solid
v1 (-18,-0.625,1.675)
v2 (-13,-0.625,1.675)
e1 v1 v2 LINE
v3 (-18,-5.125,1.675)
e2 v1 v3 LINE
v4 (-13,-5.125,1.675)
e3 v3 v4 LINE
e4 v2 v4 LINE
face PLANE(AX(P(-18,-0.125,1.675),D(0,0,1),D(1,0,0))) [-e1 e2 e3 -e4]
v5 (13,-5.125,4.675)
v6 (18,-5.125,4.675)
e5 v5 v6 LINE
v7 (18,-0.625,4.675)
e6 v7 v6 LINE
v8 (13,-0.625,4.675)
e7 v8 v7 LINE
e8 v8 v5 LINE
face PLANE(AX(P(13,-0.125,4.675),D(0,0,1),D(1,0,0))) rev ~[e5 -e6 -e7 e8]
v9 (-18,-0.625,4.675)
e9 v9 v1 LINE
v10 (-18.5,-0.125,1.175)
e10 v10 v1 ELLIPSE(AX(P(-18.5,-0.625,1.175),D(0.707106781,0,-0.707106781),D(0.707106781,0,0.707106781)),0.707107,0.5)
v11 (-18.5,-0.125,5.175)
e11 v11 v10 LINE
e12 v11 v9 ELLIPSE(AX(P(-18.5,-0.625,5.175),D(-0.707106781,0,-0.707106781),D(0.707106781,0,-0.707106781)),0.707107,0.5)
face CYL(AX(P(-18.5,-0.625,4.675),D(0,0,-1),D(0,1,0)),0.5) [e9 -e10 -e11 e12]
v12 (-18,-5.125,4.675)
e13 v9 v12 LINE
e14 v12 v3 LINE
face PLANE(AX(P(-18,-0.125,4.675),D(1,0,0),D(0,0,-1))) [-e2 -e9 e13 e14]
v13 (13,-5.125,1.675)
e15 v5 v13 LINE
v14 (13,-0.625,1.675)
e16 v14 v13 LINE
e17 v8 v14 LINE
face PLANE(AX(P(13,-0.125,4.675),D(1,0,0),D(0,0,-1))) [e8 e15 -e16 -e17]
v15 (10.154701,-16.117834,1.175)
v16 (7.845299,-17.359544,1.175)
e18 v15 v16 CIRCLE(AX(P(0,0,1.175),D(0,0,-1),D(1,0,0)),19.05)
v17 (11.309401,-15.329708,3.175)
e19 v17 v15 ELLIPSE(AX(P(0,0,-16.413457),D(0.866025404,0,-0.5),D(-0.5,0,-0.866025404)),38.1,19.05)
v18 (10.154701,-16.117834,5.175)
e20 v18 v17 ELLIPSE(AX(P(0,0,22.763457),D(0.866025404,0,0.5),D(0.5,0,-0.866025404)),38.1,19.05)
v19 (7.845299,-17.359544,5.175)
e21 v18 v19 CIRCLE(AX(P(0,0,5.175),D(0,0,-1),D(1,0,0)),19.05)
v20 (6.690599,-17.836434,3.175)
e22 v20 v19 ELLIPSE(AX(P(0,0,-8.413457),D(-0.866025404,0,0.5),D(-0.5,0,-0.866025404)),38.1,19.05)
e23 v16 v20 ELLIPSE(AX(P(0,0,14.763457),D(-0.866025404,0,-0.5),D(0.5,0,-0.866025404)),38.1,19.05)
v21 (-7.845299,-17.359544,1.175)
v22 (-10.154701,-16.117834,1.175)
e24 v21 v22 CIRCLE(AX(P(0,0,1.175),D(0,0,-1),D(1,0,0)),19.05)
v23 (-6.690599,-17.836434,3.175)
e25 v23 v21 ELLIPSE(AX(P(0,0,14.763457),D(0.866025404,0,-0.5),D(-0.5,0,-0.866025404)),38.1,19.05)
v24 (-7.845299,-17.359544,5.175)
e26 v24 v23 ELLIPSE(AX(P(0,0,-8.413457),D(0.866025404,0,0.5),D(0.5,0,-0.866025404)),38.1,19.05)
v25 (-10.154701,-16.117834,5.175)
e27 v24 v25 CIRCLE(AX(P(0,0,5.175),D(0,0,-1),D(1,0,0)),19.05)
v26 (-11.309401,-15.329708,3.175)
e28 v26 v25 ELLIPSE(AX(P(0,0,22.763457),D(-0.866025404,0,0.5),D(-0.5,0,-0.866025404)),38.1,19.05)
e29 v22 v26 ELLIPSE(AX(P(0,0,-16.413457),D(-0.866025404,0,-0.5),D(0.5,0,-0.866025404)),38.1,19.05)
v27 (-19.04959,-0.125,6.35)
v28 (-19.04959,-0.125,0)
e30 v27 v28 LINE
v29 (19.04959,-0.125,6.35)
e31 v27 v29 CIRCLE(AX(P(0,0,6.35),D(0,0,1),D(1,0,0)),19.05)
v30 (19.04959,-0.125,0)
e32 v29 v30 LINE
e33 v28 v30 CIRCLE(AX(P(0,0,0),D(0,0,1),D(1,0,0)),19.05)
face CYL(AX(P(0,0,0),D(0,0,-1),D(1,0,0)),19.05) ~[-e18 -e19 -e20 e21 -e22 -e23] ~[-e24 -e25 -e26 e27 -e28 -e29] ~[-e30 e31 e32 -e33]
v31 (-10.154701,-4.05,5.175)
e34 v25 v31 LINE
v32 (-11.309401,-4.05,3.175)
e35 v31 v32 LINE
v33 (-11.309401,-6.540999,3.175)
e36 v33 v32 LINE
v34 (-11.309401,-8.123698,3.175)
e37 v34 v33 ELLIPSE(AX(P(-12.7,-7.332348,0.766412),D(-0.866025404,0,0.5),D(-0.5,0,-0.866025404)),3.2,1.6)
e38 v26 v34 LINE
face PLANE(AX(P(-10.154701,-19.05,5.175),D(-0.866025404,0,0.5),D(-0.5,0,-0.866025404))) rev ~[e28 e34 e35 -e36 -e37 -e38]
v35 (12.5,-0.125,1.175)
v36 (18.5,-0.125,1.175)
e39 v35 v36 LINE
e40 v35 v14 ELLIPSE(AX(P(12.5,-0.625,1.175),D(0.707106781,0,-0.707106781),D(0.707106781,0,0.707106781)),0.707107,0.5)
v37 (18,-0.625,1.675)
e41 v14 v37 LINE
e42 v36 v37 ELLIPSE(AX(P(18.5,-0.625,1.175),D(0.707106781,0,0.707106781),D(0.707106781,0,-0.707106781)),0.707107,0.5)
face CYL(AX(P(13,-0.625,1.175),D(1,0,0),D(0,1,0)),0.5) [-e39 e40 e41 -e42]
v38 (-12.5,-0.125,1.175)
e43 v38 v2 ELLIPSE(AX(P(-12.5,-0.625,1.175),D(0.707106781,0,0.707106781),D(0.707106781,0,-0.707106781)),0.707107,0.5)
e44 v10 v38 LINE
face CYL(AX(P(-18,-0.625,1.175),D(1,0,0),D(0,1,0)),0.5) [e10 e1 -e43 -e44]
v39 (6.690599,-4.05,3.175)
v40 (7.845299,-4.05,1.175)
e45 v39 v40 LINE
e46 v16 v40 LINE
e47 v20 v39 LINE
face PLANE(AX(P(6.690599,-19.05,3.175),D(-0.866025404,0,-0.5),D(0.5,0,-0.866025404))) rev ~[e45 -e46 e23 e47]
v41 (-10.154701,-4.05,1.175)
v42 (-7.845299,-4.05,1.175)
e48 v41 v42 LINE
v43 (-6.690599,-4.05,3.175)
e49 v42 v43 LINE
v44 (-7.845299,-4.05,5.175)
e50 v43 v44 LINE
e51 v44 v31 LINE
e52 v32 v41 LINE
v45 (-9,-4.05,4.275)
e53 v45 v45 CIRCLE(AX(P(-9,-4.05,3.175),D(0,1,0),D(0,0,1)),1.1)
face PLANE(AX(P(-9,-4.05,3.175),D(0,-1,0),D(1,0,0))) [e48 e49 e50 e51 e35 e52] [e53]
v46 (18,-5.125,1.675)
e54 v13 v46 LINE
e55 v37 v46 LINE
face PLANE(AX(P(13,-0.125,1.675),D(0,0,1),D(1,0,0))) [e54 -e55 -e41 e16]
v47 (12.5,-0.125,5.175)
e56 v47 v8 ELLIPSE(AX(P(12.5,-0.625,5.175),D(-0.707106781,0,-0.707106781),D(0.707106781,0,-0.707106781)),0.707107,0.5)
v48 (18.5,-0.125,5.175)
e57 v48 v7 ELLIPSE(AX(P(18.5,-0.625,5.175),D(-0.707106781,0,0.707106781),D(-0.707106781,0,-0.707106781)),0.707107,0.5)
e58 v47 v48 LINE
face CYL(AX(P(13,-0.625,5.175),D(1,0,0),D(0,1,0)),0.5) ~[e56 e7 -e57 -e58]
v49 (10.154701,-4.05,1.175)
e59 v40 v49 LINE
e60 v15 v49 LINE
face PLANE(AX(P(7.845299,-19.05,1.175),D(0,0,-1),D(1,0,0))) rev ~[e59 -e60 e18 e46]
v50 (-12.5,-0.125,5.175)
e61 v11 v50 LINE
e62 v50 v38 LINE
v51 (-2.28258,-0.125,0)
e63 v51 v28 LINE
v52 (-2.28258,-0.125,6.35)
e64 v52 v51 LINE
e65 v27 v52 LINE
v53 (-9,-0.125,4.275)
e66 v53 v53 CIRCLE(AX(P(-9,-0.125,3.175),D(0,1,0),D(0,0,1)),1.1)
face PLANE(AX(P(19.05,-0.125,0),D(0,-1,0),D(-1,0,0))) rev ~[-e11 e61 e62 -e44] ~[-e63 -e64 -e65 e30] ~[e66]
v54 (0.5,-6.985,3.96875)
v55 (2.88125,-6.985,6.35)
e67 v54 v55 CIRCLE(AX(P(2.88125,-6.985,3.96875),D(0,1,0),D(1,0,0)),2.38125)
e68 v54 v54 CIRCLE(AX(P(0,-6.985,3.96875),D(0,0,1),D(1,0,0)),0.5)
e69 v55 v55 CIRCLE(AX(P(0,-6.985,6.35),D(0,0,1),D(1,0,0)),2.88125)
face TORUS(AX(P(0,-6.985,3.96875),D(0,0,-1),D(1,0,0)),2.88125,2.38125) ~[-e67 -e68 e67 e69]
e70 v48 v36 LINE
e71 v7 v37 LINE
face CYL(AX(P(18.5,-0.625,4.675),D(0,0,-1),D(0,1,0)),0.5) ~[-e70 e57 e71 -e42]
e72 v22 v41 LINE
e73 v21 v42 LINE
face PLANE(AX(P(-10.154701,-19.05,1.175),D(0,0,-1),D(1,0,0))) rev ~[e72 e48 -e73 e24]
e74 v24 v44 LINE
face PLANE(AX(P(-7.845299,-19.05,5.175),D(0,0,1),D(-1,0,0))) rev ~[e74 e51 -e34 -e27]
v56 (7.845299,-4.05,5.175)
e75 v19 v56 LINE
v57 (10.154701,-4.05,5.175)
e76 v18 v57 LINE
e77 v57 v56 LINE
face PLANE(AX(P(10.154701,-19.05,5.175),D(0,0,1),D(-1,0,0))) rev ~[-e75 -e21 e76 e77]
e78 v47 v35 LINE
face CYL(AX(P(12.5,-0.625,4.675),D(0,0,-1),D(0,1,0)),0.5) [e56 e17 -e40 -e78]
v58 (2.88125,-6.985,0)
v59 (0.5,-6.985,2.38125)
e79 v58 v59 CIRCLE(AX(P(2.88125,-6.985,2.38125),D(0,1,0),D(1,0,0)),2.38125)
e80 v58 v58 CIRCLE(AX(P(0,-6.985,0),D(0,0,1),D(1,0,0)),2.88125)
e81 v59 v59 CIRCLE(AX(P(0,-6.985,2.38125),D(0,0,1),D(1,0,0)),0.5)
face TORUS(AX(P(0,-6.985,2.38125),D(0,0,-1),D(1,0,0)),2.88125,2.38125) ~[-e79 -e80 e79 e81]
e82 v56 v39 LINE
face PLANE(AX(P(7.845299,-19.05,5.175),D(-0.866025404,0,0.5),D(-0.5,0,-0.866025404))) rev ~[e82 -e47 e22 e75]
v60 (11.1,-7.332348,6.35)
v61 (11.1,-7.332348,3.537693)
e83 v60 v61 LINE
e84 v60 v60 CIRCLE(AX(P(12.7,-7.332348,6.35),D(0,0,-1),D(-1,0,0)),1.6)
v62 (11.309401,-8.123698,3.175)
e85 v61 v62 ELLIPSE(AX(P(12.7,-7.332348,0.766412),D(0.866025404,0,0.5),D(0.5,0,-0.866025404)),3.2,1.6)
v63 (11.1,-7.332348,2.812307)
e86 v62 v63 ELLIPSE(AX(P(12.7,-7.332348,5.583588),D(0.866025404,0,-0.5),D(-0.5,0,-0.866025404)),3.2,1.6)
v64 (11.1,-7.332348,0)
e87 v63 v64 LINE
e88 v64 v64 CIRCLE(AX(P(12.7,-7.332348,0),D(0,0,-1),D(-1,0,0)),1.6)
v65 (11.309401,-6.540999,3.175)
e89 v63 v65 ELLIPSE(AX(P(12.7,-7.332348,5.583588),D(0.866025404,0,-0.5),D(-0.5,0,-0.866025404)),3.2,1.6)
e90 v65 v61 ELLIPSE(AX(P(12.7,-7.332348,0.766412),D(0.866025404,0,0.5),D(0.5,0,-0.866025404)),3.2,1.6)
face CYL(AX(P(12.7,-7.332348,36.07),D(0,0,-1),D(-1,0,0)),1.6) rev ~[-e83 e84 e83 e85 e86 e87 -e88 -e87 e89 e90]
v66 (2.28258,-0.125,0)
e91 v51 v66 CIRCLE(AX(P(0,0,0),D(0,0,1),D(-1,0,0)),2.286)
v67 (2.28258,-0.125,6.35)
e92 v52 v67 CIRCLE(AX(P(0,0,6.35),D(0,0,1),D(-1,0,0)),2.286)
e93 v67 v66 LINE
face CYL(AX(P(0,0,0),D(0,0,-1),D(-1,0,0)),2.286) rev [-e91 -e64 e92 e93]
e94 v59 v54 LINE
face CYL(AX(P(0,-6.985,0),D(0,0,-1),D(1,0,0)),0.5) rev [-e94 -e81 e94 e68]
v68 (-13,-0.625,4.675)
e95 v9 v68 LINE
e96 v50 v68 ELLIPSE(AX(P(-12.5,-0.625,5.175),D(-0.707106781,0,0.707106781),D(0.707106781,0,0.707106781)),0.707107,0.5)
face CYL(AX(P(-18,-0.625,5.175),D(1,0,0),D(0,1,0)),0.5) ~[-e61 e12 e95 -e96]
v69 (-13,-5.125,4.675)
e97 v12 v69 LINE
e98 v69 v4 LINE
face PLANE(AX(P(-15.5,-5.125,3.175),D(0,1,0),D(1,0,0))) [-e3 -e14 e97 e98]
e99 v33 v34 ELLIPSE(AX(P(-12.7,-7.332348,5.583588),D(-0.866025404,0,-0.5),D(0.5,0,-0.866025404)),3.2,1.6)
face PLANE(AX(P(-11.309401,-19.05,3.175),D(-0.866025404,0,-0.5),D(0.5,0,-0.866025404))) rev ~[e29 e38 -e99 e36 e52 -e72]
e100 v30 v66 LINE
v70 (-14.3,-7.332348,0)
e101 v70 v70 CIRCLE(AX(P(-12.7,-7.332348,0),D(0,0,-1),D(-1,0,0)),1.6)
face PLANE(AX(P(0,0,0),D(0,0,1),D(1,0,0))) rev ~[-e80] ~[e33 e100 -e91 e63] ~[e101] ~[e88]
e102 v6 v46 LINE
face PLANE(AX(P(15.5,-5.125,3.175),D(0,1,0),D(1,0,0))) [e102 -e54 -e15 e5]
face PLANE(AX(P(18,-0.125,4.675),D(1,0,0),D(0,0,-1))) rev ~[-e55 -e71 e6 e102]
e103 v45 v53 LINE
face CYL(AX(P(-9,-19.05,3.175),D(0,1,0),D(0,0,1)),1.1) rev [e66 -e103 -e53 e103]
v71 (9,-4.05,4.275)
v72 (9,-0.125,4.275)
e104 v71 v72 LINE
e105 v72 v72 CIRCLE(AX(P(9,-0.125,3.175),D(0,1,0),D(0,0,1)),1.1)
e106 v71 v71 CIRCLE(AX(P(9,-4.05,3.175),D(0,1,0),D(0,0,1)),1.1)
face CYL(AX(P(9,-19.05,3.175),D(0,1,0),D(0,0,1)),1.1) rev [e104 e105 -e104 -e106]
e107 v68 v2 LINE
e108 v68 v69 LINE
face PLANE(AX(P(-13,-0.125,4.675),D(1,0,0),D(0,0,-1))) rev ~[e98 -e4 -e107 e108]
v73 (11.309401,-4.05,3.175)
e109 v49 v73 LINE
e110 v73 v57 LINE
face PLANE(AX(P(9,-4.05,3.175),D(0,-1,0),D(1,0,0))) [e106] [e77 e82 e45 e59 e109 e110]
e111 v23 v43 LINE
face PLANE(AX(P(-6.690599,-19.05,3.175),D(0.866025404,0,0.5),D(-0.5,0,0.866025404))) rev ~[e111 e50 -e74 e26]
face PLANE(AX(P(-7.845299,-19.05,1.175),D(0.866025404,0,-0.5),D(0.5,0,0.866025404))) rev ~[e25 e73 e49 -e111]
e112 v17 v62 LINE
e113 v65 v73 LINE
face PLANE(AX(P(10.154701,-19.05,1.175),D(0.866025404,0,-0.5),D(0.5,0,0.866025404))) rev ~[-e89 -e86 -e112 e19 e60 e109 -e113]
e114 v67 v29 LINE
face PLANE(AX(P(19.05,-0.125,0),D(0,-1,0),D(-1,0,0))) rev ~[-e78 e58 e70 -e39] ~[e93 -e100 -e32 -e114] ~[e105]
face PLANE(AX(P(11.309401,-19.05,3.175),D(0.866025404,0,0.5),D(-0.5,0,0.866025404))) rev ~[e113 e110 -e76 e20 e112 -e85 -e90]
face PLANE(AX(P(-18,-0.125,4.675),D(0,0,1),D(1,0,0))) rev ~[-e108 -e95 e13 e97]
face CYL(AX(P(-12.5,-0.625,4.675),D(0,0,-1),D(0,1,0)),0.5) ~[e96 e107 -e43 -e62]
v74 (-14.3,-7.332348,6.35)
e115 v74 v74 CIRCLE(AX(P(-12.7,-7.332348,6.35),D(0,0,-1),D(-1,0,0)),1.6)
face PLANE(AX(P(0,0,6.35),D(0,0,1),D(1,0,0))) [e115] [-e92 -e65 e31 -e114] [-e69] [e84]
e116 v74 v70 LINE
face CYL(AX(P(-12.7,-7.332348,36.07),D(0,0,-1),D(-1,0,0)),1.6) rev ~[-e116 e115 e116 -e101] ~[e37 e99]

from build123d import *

# Parameters (mm, degrees)
SKETCH1_R                     = 19.05
SKETCH1_R_2                   = 0.5
BOSS_EXTRUDE1_DEPTH           = 6.35
M3_CLEARANCE_HOLE1_D          = 3.2
M3_CLEARANCE_HOLE1_DEPTH      = 29.72
M3_CLEARANCE_HOLE1_TIP        = 0.96137699
SKETCH4_W                     = 38.1
SKETCH4_H                     = 0.25
CUT_EXTRUDE1_DEPTH            = 28.679008291
CBORE_FOR_M2_SHCS1_AT_2_COUNT = 2
CBORE_FOR_M2_SHCS1_AT_2_PITCH = 18
CUT_EXTRUDE2_DEPTH            = 15
FILLET1_R                     = 2.38125
SKETCH12_W                    = 55.779861043
SKETCH12_H                    = 26.707675132
CUT_EXTRUDE3_DEPTH            = 28.678726197
SKETCH13_W                    = 5
SKETCH13_H                    = 3
CUT_EXTRUDE4_DEPTH            = 5
FILLET4_R                     = 0.5


with BuildPart() as part:
    # Sketch1 → Boss-Extrude1 (new body)
    with BuildSketch(Plane.XY):
        Circle(SKETCH1_R)
        with Locations((-6.049187445, 3.4925)):
            Circle(SKETCH1_R_2, mode=Mode.SUBTRACT)
        with Locations((6.049187445, 3.4925)):
            Circle(SKETCH1_R_2, mode=Mode.SUBTRACT)
        with Locations((0, -6.985)):
            Circle(SKETCH1_R_2, mode=Mode.SUBTRACT)
        with BuildLine():
            ThreePointArc((2.286, 0), (0, 2.286), (-2.286, 0))
            ThreePointArc((-2.286, 0), (0, -2.286), (2.286, 0))
        make_face(mode=Mode.SUBTRACT)
    extrude(amount=BOSS_EXTRUDE1_DEPTH)

    # M3 Clearance Hole1
    with Locations(Plane(origin=(-15.665967818, 20.219646462, 6.35), x_dir=(1, 0, 0), z_dir=(0, 0, 1))):
        with Locations((15.665967818, -5.554949625), (2.965967818, -27.551994881), (28.365967818, -27.551994881)):
            Hole(M3_CLEARANCE_HOLE1_D / 2, depth=M3_CLEARANCE_HOLE1_DEPTH)
            with Locations((0, 0, -(M3_CLEARANCE_HOLE1_DEPTH + M3_CLEARANCE_HOLE1_TIP / 2))):  # 118° drill point
                Cone(0, M3_CLEARANCE_HOLE1_D / 2, M3_CLEARANCE_HOLE1_TIP, mode=Mode.SUBTRACT)

    # Sketch4 → Cut-Extrude1 (cut, through all)
    with BuildSketch(Plane(origin=(0, 0, 0), x_dir=(-1, 0, 0), z_dir=(0, 0, -1))):
        Rectangle(SKETCH4_W, SKETCH4_H)
    extrude(amount=-CUT_EXTRUDE1_DEPTH, mode=Mode.SUBTRACT)


with BuildPart() as cut_extrude1_piece_1:
    # of the separate pieces the step leaves, piece 1, a body of its own (cut_extrude1_pieces)
    add(part.part.solids().sort_by_distance((19.049589891, 0.125, 0))[0])


with BuildPart() as cut_extrude1_piece_2:
    # of the separate pieces the step leaves, piece 2, a body of its own (cut_extrude1_pieces)
    add(part.part.solids().sort_by_distance((-19.049589891, -0.125, 0))[0])


with BuildPart() as cbore_for_m2_shcs1_tool:
    # Sketch9 → CBORE for M2 SHCS1 (revolve)
    with BuildSketch(Plane(origin=(-9, 19.05, 3.175), x_dir=(0, 0, 1), z_dir=(1, 0, 0))):
        Polygon((0, 0), (0, 38.1), (1.1, 38.1), (1.1, 2), (2.2, 2), (2.2, 0), align=None)
    cbore_for_m2_shcs1 = revolve(axis=Axis((-9, 25.4, 3.175), (0, -1, 0)))


with BuildPart() as cut_extrude1_piece_1_1:
    add(cut_extrude1_piece_1.part)

    # CBORE for M2 SHCS1: cut by cbore_for_m2_shcs1_tool
    add(cbore_for_m2_shcs1_tool.part, mode=Mode.SUBTRACT)


with BuildPart() as cut_extrude1_piece_2_1:
    add(cut_extrude1_piece_2.part)

    # CBORE for M2 SHCS1: cut by cbore_for_m2_shcs1_tool
    add(cbore_for_m2_shcs1_tool.part, mode=Mode.SUBTRACT)


with BuildPart() as cbore_for_m2_shcs1_at_2_tool:
    # CBORE for M2 SHCS1 at 2: CBORE for M2 SHCS1 ×2
    with Locations(*[(i * CBORE_FOR_M2_SHCS1_AT_2_PITCH, 0, 0) for i in range(1, CBORE_FOR_M2_SHCS1_AT_2_COUNT)]):
        add(cbore_for_m2_shcs1)


with BuildPart() as cut_extrude1_piece_1_2:
    add(cut_extrude1_piece_1_1.part)

    # CBORE for M2 SHCS1 at 2: cut by cbore_for_m2_shcs1_at_2_tool
    add(cbore_for_m2_shcs1_at_2_tool.part, mode=Mode.SUBTRACT)

    # Sketch12 → Cut-Extrude3 (cut, through all)
    with BuildSketch(Plane.XY):
        with Locations((0.042756797, 13.353837566)):
            Rectangle(SKETCH12_W, SKETCH12_H)
    extrude(amount=CUT_EXTRUDE3_DEPTH, mode=Mode.SUBTRACT)


with BuildPart() as cut_extrude1_piece_2_2:
    add(cut_extrude1_piece_2_1.part)

    # CBORE for M2 SHCS1 at 2: cut by cbore_for_m2_shcs1_at_2_tool
    add(cbore_for_m2_shcs1_at_2_tool.part, mode=Mode.SUBTRACT)

    # Sketch11 → Cut-Extrude2 (cut)
    with BuildSketch(Plane.XZ.offset(19.05)):
        Polygon((-10.154700538, 5.175), (-11.309401077, 3.175), (-10.154700538, 1.175), (-7.845299462, 1.175), (-6.690598923, 3.175), (-7.845299462, 5.175), align=None)
        Polygon((7.845299462, 5.175), (6.690598923, 3.175), (7.845299462, 1.175), (10.154700538, 1.175), (11.309401077, 3.175), (10.154700538, 5.175), align=None)
    extrude(amount=-CUT_EXTRUDE2_DEPTH, mode=Mode.SUBTRACT)

    # Fillet1
    fillet1_edges = [cut_extrude1_piece_2_2.edges().sort_by_distance(p)[0] for p in [
        (-0.5, -6.985, 0),
        (-0.5, -6.985, 6.35),
    ]]
    fillet(fillet1_edges, radius=FILLET1_R)

    # Sketch13 → Cut-Extrude4 (cut)
    with BuildSketch(Plane(origin=(0, -0.125, 0), x_dir=(1, 0, 0), z_dir=(0, 1, 0))):
        with Locations((-15.5, -3.175)):
            Rectangle(SKETCH13_W, SKETCH13_H)
        with Locations((15.5, -3.175)):
            Rectangle(SKETCH13_W, SKETCH13_H)
    extrude(amount=-CUT_EXTRUDE4_DEPTH, mode=Mode.SUBTRACT)

    # Fillet4
    fillet4_edges = [cut_extrude1_piece_2_2.edges().sort_by_distance(p)[0] for p in [
        (18, -0.125, 3.175),
        (15.5, -0.125, 1.675),
        (13, -0.125, 3.175),
        (15.5, -0.125, 4.675),
        (-15.5, -0.125, 1.675),
        (-18, -0.125, 3.175),
        (-15.5, -0.125, 4.675),
        (-13, -0.125, 3.175),
    ]]
    fillet(fillet4_edges, radius=FILLET4_R)


solid = cut_extrude1_piece_2_2.part
